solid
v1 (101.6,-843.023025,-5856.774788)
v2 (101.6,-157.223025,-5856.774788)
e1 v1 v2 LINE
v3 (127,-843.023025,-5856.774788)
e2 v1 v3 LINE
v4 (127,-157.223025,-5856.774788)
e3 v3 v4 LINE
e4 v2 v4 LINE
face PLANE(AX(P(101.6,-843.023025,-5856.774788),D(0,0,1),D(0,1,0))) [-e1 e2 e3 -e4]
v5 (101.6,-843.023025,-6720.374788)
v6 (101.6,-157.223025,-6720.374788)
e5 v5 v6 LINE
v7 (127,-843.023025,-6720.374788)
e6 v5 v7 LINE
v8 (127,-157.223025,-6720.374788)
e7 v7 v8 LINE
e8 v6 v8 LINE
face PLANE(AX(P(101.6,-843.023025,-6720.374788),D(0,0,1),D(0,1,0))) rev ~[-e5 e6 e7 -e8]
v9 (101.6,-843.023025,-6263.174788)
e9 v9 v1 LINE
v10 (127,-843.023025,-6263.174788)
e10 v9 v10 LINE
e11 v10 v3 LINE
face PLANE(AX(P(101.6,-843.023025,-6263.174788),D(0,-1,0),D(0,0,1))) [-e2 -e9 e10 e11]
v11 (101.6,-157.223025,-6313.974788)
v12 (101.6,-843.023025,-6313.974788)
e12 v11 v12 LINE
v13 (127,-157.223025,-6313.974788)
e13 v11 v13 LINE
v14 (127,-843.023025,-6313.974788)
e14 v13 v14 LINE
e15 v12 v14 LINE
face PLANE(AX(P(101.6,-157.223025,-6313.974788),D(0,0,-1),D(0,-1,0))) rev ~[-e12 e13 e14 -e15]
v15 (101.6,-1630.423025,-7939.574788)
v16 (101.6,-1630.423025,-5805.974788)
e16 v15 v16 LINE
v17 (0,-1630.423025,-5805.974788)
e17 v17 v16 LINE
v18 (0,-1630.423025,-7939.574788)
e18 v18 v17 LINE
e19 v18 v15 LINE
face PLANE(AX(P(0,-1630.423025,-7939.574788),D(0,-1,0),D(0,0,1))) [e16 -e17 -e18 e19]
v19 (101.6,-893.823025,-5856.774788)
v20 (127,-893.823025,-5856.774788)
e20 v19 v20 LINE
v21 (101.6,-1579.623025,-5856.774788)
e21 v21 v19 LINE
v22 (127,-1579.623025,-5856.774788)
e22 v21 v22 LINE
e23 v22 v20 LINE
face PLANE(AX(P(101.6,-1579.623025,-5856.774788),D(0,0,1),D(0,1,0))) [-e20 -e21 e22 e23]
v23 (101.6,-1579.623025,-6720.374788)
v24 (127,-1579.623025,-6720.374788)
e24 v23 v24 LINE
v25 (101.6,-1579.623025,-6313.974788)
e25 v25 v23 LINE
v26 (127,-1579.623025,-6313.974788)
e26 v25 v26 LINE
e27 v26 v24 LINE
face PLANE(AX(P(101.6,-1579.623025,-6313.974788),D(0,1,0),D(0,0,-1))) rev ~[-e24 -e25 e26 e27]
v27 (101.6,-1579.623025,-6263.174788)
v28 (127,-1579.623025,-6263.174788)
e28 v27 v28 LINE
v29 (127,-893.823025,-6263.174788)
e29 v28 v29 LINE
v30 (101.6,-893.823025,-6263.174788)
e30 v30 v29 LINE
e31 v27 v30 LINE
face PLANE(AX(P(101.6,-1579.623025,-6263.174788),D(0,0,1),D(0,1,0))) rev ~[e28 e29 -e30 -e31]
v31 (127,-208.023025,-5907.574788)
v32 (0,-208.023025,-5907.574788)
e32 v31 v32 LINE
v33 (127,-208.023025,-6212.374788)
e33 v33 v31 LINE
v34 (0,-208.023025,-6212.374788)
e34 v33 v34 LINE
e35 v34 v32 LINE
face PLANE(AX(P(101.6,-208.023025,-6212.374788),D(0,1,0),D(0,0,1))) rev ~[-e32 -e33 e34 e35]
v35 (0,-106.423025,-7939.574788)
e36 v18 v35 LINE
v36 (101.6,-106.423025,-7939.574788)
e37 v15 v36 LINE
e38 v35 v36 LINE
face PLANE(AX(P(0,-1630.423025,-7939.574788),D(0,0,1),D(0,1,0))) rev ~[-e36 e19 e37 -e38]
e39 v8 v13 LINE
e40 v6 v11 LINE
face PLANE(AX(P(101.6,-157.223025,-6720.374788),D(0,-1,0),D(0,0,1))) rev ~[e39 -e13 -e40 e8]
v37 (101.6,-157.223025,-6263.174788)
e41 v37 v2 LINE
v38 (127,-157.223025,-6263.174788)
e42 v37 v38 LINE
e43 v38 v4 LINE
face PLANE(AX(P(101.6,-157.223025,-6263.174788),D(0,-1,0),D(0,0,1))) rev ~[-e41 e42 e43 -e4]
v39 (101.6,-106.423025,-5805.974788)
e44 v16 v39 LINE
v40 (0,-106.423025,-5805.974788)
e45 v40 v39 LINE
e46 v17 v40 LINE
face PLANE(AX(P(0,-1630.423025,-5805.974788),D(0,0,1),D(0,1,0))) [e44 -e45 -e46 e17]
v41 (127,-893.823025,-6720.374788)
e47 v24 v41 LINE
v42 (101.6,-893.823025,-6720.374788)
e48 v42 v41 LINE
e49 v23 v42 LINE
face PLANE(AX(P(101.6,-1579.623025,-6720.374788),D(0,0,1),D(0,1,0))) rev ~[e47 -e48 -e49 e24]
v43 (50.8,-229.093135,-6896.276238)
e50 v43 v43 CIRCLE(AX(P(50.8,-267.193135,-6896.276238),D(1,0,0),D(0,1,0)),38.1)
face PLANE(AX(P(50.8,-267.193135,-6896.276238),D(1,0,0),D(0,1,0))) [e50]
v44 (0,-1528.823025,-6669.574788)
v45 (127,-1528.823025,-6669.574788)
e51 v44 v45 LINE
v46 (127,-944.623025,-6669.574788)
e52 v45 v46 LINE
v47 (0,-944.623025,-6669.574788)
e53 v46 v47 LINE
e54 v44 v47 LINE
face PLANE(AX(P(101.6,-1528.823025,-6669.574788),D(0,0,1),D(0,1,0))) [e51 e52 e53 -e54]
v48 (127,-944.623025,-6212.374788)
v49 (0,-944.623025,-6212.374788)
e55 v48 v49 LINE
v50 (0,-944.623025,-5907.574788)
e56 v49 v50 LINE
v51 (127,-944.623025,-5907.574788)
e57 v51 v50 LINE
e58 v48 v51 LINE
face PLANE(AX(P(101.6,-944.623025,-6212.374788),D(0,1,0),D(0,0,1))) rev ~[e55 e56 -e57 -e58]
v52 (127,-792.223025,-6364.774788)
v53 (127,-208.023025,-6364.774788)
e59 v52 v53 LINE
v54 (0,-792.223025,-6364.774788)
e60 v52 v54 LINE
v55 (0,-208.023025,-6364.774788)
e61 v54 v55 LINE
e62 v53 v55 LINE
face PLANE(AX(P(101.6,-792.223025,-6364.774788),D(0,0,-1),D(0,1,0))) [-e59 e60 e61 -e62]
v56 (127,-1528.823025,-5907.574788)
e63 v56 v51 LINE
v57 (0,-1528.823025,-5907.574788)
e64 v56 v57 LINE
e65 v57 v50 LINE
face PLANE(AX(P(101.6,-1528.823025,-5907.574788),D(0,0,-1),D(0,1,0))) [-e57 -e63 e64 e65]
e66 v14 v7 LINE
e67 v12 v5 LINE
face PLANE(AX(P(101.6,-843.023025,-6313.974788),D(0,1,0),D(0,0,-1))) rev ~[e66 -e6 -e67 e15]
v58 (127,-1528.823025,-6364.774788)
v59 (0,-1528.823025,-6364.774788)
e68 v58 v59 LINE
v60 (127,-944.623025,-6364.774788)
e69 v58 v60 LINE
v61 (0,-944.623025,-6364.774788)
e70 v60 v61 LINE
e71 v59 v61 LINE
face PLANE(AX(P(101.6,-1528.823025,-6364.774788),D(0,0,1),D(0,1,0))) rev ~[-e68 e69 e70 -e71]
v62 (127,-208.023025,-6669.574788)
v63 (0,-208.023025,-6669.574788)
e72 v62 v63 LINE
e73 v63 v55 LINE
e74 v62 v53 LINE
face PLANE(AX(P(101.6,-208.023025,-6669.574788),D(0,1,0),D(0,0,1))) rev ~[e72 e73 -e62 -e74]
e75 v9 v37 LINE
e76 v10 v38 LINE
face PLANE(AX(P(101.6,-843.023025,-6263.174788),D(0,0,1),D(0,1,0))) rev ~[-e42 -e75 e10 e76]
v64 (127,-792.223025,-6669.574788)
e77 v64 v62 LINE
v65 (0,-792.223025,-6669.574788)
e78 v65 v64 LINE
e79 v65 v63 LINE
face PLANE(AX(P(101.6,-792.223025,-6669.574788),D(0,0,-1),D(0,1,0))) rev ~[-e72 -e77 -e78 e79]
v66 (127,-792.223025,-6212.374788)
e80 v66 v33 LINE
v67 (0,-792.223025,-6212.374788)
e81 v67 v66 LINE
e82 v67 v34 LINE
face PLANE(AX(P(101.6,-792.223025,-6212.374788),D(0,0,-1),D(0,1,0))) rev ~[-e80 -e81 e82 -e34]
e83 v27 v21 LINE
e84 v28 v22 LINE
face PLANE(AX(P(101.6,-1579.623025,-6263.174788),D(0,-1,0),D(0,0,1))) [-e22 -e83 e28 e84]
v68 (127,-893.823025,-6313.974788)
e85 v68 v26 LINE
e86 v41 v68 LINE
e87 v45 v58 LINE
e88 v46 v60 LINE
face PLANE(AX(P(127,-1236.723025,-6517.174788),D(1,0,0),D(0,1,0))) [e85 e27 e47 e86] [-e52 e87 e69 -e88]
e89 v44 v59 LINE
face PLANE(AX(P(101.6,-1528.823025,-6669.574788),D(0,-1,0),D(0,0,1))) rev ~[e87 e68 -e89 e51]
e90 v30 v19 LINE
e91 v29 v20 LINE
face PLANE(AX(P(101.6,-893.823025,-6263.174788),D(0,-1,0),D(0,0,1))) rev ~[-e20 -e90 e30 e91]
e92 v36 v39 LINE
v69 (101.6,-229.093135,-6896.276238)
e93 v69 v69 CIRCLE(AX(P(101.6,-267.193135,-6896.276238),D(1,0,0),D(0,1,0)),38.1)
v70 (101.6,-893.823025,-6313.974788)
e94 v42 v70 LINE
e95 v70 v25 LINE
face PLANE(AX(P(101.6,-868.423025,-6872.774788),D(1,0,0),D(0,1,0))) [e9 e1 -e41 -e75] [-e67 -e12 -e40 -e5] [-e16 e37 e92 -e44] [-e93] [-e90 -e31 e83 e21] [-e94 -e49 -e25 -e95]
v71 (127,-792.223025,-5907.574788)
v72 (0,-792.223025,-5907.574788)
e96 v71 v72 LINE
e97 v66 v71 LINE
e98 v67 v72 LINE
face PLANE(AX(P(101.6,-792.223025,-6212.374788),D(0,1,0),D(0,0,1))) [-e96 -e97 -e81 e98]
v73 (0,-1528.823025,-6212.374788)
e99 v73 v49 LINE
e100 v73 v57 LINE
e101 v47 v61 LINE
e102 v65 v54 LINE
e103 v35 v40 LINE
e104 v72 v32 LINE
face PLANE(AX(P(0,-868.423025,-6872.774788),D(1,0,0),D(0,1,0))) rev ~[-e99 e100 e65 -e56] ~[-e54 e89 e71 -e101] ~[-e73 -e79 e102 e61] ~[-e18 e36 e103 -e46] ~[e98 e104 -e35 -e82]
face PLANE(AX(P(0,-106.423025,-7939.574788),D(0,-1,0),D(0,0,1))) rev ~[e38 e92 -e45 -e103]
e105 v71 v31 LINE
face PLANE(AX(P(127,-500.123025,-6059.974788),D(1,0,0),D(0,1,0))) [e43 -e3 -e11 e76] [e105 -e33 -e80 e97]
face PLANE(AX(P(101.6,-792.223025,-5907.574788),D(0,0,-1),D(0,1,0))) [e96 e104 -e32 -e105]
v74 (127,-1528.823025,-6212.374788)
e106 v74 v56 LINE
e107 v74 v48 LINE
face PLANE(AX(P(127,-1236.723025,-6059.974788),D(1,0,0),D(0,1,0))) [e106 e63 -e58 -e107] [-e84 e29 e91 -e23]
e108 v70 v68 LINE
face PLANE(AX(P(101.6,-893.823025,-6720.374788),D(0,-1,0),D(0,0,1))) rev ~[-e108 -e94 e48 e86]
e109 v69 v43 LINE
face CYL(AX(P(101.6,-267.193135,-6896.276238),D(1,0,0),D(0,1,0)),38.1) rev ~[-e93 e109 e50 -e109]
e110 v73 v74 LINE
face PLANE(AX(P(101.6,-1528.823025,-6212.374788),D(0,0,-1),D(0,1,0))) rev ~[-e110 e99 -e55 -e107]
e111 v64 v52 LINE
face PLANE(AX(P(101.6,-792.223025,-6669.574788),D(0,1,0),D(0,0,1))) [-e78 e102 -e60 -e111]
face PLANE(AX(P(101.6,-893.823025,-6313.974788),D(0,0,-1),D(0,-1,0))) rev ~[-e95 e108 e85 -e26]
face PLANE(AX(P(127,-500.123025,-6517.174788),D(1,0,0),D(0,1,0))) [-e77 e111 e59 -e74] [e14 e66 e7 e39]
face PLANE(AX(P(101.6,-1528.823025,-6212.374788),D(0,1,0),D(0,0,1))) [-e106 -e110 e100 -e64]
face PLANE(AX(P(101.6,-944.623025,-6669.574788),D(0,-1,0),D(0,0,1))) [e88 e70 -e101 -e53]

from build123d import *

# Parameters (mm, degrees)
F0_W     = 1524
F0_H     = 2133.6
F1_DEPTH = 101.6
F2_R     = 38.1
F3_DEPTH = 50.8
F2_W     = 584.2
F2_H     = 304.8
F4_DEPTH = 101.601
F2_W_2   = 685.8
F2_H_2   = 406.4
F5_DEPTH = 25.4


with BuildPart() as f1:
    # F0 (on Right) → F1 (new body)
    with BuildSketch(Plane.YZ):
        with Locations((-868.423025, -6872.774788)):
            Rectangle(F0_W, F0_H)
    extrude(amount=F1_DEPTH)

    # F2 (on face) → F3 (cut)
    with BuildSketch(Plane.YZ.offset(101.6)):
        with Locations((-267.193135, -6896.276238)):
            Circle(F2_R)
    extrude(amount=-F3_DEPTH, mode=Mode.SUBTRACT)

    # F2 (on face) → F4 (cut, through all)
    with BuildSketch(Plane.YZ.offset(101.6)):
        with Locations((-500.123025, -6059.974788)):
            Rectangle(F2_W, F2_H)
        with Locations((-1236.723025, -6059.974788)):
            Rectangle(F2_W, F2_H)
        with Locations((-1236.723025, -6517.174788)):
            Rectangle(F2_W, F2_H)
        with Locations((-500.123025, -6517.174788)):
            Rectangle(F2_W, F2_H)
    extrude(amount=-F4_DEPTH, mode=Mode.SUBTRACT)

    # F2 (on face) → F5 (join)
    with BuildSketch(Plane.YZ.offset(101.6)):
        Polygon((-893.823025, -6313.974788), (-1579.623025, -6313.974788), (-1579.623025, -6720.374788), (-1528.823025, -6720.374788), (-893.823025, -6720.374788), align=None)
        with Locations((-1236.723025, -6517.174788)):
            Rectangle(F2_W, F2_H, mode=Mode.SUBTRACT)
        with Locations((-1236.723025, -6059.974788)):
            Rectangle(F2_W_2, F2_H_2)
        with Locations((-1236.723025, -6059.974788)):
            Rectangle(F2_W, F2_H, mode=Mode.SUBTRACT)
        Polygon((-843.023025, -6313.974788), (-843.023025, -6720.374788), (-208.023025, -6720.374788), (-157.223025, -6720.374788), (-157.223025, -6313.974788), align=None)
        with Locations((-500.123025, -6517.174788)):
            Rectangle(F2_W, F2_H, mode=Mode.SUBTRACT)
        with Locations((-500.123025, -6059.974788)):
            Rectangle(F2_W_2, F2_H_2)
        with Locations((-500.123025, -6059.974788)):
            Rectangle(F2_W, F2_H, mode=Mode.SUBTRACT)
    extrude(amount=F5_DEPTH)


solid = f1.part
